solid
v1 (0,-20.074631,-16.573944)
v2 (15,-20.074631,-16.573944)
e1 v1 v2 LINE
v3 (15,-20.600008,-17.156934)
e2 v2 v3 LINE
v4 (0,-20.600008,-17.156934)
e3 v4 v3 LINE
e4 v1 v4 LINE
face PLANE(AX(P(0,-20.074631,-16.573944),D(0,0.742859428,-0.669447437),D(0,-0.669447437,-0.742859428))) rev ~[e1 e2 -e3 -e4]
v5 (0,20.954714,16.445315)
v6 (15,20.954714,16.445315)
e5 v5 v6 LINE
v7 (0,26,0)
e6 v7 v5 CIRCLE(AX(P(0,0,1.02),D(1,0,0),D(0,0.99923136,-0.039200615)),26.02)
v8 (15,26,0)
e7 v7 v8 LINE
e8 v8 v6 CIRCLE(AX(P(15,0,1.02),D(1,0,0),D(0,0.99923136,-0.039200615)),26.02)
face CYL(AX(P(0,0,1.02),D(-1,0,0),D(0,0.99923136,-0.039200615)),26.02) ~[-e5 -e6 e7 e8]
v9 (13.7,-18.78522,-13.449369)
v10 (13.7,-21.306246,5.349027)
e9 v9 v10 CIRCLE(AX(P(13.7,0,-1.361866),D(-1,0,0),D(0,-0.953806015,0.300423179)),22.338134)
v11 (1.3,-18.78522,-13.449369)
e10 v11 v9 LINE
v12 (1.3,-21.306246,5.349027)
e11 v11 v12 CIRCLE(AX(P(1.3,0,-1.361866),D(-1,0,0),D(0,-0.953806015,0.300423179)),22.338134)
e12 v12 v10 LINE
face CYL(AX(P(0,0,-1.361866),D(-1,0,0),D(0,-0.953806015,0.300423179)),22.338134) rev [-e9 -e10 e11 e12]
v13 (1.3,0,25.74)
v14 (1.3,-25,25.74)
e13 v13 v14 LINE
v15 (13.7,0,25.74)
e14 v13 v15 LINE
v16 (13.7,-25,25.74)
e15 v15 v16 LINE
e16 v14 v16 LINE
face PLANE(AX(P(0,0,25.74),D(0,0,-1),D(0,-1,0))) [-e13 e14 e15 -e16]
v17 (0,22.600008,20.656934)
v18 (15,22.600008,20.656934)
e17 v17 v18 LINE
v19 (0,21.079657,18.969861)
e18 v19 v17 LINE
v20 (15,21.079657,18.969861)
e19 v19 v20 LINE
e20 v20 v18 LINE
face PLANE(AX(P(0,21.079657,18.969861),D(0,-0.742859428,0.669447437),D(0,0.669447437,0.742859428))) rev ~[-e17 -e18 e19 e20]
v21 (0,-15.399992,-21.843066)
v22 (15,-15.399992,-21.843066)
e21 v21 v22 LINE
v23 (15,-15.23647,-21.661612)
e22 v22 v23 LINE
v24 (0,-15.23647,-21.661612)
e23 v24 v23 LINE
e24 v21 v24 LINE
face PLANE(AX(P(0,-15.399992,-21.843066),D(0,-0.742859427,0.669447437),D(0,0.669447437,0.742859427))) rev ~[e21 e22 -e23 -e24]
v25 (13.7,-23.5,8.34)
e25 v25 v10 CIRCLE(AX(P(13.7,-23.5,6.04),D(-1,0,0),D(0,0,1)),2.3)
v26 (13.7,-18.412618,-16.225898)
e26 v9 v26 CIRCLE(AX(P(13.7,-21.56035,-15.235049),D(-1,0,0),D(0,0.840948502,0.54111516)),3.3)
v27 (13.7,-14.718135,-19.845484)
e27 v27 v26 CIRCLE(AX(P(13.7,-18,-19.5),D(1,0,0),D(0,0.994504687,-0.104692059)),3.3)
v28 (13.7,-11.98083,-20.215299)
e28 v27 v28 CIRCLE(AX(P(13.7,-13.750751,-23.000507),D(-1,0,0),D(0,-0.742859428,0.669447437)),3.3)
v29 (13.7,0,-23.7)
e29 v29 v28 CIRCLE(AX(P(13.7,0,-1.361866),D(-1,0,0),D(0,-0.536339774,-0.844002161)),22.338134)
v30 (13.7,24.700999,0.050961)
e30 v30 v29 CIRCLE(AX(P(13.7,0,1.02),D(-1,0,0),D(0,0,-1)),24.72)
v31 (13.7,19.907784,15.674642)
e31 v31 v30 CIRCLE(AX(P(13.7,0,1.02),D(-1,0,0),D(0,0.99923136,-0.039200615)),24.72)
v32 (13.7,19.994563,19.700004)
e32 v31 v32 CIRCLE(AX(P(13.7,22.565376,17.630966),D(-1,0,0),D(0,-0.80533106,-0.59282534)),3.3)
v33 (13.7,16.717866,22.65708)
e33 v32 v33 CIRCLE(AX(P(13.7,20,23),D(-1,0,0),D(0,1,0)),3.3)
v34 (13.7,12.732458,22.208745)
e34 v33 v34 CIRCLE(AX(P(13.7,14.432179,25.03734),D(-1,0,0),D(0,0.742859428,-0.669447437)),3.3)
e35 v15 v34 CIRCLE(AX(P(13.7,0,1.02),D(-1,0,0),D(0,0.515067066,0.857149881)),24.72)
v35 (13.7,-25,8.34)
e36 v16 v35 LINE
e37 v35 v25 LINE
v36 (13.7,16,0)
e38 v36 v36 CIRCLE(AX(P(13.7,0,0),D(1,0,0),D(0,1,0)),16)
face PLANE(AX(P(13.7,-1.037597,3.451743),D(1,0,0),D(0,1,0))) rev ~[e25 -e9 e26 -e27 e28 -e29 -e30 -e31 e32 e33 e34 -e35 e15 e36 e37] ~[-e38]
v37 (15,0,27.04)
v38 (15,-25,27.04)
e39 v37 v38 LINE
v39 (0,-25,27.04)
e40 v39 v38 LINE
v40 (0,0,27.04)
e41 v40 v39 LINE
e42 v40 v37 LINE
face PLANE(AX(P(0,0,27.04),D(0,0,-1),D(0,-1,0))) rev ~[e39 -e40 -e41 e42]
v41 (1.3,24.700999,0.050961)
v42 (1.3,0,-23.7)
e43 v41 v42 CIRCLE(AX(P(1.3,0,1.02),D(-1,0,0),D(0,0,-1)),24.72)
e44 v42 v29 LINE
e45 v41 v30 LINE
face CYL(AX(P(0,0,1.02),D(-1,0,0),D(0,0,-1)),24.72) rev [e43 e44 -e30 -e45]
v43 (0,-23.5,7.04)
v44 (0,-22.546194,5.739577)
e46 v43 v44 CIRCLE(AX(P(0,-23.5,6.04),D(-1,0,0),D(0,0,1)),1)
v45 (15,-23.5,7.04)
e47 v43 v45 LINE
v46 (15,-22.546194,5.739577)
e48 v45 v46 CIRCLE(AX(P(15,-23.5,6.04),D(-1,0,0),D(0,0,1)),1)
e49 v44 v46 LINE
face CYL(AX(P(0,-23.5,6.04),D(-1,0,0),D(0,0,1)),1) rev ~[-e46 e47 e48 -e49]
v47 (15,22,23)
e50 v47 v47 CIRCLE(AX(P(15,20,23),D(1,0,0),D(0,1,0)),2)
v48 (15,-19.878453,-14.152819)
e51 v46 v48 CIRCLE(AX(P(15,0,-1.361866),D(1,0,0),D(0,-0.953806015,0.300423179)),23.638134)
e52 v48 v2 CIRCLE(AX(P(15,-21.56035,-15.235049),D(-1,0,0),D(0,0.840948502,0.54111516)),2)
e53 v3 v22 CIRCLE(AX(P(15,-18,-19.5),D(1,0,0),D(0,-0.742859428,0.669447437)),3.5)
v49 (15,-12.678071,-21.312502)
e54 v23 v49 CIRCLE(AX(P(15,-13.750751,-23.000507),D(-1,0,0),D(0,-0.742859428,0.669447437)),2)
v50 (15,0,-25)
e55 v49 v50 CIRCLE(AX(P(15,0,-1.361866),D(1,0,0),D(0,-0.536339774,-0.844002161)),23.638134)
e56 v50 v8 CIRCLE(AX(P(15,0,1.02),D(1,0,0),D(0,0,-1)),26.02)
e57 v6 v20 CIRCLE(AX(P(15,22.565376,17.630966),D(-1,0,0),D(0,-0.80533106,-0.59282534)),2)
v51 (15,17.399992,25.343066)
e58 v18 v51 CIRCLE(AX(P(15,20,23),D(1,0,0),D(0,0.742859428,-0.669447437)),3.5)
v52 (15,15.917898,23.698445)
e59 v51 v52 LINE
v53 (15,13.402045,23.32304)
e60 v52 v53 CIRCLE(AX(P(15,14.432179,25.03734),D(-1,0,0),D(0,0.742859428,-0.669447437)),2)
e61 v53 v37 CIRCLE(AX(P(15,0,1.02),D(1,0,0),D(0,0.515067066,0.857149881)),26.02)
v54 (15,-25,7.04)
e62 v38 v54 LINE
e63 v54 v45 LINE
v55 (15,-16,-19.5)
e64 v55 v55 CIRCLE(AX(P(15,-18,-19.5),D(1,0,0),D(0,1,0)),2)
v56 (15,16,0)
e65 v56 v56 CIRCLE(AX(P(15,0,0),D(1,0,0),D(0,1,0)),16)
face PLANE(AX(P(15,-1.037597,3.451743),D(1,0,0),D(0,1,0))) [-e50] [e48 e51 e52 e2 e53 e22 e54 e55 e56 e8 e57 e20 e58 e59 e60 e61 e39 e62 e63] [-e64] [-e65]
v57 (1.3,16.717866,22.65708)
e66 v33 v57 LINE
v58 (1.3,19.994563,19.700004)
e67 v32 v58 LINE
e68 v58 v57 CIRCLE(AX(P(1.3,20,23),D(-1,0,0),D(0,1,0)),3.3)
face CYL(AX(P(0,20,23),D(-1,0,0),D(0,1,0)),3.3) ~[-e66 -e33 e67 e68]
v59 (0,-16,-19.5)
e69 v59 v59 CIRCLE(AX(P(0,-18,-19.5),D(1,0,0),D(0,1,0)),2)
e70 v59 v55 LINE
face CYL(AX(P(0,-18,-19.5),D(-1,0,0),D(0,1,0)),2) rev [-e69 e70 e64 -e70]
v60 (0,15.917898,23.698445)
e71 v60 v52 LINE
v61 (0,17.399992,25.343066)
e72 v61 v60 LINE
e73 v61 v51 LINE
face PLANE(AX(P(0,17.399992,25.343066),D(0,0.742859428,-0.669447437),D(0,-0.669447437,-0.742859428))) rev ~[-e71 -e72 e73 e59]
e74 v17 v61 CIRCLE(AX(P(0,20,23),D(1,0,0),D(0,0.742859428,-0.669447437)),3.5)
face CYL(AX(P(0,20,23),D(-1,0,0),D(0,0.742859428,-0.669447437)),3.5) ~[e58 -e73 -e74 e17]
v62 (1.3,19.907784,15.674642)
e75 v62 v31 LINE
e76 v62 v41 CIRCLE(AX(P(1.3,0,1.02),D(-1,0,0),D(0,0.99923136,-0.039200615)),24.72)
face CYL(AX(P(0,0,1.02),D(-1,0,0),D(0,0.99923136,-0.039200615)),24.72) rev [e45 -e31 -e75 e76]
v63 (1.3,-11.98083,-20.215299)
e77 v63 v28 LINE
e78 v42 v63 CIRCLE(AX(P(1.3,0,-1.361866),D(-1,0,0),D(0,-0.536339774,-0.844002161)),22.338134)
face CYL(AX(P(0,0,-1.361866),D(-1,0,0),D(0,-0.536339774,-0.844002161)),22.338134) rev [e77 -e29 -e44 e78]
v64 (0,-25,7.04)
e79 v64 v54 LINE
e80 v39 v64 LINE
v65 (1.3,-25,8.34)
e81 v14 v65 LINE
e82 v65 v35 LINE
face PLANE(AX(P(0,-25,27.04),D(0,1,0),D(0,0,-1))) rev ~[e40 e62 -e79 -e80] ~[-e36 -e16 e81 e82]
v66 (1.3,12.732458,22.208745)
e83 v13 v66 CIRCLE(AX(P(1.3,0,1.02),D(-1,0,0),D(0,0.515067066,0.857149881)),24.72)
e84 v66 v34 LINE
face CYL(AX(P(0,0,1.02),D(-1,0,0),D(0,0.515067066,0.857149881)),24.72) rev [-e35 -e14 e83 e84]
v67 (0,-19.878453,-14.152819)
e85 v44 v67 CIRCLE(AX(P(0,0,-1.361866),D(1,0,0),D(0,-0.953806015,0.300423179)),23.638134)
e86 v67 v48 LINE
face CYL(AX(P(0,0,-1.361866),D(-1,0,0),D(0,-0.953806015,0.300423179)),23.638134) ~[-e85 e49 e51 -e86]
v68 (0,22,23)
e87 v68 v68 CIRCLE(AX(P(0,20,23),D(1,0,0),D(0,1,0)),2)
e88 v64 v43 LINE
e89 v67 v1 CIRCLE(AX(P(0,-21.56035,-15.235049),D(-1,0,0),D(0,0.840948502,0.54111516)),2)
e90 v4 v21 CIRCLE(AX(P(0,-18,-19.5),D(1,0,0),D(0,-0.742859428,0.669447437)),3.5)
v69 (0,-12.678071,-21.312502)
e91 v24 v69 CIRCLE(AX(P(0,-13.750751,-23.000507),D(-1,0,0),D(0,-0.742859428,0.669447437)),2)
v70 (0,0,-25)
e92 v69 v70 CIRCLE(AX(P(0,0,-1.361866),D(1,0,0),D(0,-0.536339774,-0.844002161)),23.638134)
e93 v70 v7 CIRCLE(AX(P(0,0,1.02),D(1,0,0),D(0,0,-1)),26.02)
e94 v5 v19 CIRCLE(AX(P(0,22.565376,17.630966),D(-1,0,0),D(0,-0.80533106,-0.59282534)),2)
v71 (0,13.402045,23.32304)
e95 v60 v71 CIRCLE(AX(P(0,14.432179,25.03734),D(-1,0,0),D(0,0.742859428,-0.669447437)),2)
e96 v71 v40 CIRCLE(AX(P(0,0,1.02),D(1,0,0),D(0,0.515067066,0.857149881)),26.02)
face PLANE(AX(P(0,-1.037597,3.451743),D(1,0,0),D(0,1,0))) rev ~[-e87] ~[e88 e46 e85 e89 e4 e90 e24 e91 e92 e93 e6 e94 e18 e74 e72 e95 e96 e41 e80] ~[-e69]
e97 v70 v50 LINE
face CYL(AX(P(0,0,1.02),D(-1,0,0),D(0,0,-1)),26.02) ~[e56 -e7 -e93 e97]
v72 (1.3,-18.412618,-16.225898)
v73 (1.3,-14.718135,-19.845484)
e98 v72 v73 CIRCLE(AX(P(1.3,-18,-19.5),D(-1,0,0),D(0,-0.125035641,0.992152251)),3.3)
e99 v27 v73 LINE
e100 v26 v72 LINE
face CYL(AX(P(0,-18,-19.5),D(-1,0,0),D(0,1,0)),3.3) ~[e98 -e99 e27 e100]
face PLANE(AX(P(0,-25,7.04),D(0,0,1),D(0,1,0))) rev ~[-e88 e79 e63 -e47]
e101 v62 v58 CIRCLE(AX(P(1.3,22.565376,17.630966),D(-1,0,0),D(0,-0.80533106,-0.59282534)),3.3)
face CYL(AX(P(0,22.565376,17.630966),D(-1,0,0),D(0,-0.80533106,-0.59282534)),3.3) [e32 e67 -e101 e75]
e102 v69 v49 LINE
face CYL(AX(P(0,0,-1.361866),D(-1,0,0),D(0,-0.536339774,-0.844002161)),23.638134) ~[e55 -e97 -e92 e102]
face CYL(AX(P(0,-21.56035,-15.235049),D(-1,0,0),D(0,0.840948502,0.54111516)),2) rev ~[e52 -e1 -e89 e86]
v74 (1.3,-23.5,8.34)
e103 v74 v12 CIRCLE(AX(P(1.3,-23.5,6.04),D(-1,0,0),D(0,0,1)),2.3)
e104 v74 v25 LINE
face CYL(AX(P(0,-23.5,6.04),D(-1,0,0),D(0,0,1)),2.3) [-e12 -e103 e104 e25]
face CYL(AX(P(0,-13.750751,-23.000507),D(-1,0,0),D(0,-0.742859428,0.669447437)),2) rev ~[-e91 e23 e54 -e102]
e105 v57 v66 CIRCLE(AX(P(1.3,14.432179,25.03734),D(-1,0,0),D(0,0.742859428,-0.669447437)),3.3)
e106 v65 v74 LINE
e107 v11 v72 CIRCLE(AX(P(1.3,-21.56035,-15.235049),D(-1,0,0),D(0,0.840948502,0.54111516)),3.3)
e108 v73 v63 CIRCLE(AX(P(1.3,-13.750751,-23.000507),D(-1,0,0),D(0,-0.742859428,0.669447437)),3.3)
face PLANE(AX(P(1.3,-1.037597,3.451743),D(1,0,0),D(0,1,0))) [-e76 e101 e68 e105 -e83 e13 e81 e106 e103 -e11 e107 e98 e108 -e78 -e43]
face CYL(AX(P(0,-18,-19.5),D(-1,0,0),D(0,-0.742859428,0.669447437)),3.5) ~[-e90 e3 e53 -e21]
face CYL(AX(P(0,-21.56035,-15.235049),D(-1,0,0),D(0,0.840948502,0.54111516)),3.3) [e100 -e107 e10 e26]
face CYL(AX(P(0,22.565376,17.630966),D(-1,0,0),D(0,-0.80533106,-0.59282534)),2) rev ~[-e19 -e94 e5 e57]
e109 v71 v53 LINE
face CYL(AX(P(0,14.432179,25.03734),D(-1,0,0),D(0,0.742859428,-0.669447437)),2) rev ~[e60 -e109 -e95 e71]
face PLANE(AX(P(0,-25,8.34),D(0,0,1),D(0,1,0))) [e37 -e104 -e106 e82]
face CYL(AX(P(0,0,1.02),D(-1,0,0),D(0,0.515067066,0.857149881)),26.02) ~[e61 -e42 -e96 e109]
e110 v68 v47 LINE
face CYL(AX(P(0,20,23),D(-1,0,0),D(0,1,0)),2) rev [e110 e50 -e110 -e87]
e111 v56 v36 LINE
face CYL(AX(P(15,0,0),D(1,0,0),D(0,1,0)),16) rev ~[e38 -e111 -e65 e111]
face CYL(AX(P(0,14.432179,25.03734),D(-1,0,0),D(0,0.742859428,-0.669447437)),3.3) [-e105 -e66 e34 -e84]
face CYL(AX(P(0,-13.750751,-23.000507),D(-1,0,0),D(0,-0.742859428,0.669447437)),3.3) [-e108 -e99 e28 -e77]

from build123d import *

# Parameters (mm, degrees)
F0_R     = 2
F0_R_2   = 16
F0_R_3   = 12
F1_DEPTH = 15
F2_T     = -1.3
F3_R     = 16
F4_DEPTH = 13.7


with BuildPart() as f1:
    # F0 (on Right) → F1 (new body)
    with BuildSketch(Plane.YZ):
        with BuildLine():
            Line((0, 27.04), (-25, 27.04))
            Line((-25, 27.04), (-25, 7.04))
            Line((-25, 7.04), (-23.5, 7.04))
            ThreePointArc((-23.5, 7.04), (-22.6936430136, 6.6314291255), (-22.5461939854, 5.7395768209))
            ThreePointArc((-22.5461939854, 5.7395768209), (-23.4283913263, -4.5038147219), (-19.878453039, -14.152818847))
            ThreePointArc((-19.878453039, -14.152818847), (-19.5668833751, -15.3965751397), (-20.074631189, -16.5739440406))
            Line((-20.074631189, -16.5739440406), (-20.6000079963, -17.1569339704))
            ThreePointArc((-20.6000079963, -17.1569339704), (-20.3430660296, -22.1000079963), (-15.3999920037, -21.8430660296))
            Line((-15.3999920037, -21.8430660296), (-15.2364696163, -21.6616116833))
            ThreePointArc((-15.2364696163, -21.6616116833), (-14.0211573422, -21.0188707984), (-12.6780712141, -21.3125022359))
            ThreePointArc((-12.6780712141, -21.3125022359), (-6.6017257113, -24.0594120315), (0, -25))
            ThreePointArc((0, -25), (18.0346887969, -17.7360763487), (26, 0))
            ThreePointArc((26, 0), (24.8756586881, 8.6516449625), (20.9547141799, 16.4453153497))
            ThreePointArc((20.9547141799, 16.4453153497), (20.5678212068, 17.7298278052), (21.0796574448, 18.969860904))
            Line((21.0796574448, 18.969860904), (22.6000079963, 20.6569339704))
            ThreePointArc((22.6000079963, 20.6569339704), (22.3430660296, 25.6000079963), (17.3999920037, 25.3430660296))
            Line((17.3999920037, 25.3430660296), (15.9178980328, 23.6984447825))
            ThreePointArc((15.9178980328, 23.6984447825), (14.7273428061, 23.0592399542), (13.4020450466, 23.3230398953))
            ThreePointArc((13.4020450466, 23.3230398953), (6.9539665632, 26.0935467981), (0, 27.04))
        make_face()
        with Locations((-18, -19.5)):
            Circle(F0_R, mode=Mode.SUBTRACT)
        Circle(F0_R_2, mode=Mode.SUBTRACT)
        with Locations((20, 23)):
            Circle(F0_R, mode=Mode.SUBTRACT)
        Circle(F0_R_2)
        Circle(F0_R_3, mode=Mode.SUBTRACT)
        Circle(F0_R_3)
    extrude(amount=F1_DEPTH)

    # F2
    f2_openings = [f1.faces().sort_by_distance(p)[0] for p in [
        (7.5, -25, 17.04),
    ]]
    offset(amount=F2_T, openings=f2_openings)

    # F3 (on face) → F4 (cut, through all)
    with BuildSketch(Plane.YZ.offset(15)):
        Circle(F3_R)
    extrude(amount=-F4_DEPTH, mode=Mode.SUBTRACT)


solid = f1.part
